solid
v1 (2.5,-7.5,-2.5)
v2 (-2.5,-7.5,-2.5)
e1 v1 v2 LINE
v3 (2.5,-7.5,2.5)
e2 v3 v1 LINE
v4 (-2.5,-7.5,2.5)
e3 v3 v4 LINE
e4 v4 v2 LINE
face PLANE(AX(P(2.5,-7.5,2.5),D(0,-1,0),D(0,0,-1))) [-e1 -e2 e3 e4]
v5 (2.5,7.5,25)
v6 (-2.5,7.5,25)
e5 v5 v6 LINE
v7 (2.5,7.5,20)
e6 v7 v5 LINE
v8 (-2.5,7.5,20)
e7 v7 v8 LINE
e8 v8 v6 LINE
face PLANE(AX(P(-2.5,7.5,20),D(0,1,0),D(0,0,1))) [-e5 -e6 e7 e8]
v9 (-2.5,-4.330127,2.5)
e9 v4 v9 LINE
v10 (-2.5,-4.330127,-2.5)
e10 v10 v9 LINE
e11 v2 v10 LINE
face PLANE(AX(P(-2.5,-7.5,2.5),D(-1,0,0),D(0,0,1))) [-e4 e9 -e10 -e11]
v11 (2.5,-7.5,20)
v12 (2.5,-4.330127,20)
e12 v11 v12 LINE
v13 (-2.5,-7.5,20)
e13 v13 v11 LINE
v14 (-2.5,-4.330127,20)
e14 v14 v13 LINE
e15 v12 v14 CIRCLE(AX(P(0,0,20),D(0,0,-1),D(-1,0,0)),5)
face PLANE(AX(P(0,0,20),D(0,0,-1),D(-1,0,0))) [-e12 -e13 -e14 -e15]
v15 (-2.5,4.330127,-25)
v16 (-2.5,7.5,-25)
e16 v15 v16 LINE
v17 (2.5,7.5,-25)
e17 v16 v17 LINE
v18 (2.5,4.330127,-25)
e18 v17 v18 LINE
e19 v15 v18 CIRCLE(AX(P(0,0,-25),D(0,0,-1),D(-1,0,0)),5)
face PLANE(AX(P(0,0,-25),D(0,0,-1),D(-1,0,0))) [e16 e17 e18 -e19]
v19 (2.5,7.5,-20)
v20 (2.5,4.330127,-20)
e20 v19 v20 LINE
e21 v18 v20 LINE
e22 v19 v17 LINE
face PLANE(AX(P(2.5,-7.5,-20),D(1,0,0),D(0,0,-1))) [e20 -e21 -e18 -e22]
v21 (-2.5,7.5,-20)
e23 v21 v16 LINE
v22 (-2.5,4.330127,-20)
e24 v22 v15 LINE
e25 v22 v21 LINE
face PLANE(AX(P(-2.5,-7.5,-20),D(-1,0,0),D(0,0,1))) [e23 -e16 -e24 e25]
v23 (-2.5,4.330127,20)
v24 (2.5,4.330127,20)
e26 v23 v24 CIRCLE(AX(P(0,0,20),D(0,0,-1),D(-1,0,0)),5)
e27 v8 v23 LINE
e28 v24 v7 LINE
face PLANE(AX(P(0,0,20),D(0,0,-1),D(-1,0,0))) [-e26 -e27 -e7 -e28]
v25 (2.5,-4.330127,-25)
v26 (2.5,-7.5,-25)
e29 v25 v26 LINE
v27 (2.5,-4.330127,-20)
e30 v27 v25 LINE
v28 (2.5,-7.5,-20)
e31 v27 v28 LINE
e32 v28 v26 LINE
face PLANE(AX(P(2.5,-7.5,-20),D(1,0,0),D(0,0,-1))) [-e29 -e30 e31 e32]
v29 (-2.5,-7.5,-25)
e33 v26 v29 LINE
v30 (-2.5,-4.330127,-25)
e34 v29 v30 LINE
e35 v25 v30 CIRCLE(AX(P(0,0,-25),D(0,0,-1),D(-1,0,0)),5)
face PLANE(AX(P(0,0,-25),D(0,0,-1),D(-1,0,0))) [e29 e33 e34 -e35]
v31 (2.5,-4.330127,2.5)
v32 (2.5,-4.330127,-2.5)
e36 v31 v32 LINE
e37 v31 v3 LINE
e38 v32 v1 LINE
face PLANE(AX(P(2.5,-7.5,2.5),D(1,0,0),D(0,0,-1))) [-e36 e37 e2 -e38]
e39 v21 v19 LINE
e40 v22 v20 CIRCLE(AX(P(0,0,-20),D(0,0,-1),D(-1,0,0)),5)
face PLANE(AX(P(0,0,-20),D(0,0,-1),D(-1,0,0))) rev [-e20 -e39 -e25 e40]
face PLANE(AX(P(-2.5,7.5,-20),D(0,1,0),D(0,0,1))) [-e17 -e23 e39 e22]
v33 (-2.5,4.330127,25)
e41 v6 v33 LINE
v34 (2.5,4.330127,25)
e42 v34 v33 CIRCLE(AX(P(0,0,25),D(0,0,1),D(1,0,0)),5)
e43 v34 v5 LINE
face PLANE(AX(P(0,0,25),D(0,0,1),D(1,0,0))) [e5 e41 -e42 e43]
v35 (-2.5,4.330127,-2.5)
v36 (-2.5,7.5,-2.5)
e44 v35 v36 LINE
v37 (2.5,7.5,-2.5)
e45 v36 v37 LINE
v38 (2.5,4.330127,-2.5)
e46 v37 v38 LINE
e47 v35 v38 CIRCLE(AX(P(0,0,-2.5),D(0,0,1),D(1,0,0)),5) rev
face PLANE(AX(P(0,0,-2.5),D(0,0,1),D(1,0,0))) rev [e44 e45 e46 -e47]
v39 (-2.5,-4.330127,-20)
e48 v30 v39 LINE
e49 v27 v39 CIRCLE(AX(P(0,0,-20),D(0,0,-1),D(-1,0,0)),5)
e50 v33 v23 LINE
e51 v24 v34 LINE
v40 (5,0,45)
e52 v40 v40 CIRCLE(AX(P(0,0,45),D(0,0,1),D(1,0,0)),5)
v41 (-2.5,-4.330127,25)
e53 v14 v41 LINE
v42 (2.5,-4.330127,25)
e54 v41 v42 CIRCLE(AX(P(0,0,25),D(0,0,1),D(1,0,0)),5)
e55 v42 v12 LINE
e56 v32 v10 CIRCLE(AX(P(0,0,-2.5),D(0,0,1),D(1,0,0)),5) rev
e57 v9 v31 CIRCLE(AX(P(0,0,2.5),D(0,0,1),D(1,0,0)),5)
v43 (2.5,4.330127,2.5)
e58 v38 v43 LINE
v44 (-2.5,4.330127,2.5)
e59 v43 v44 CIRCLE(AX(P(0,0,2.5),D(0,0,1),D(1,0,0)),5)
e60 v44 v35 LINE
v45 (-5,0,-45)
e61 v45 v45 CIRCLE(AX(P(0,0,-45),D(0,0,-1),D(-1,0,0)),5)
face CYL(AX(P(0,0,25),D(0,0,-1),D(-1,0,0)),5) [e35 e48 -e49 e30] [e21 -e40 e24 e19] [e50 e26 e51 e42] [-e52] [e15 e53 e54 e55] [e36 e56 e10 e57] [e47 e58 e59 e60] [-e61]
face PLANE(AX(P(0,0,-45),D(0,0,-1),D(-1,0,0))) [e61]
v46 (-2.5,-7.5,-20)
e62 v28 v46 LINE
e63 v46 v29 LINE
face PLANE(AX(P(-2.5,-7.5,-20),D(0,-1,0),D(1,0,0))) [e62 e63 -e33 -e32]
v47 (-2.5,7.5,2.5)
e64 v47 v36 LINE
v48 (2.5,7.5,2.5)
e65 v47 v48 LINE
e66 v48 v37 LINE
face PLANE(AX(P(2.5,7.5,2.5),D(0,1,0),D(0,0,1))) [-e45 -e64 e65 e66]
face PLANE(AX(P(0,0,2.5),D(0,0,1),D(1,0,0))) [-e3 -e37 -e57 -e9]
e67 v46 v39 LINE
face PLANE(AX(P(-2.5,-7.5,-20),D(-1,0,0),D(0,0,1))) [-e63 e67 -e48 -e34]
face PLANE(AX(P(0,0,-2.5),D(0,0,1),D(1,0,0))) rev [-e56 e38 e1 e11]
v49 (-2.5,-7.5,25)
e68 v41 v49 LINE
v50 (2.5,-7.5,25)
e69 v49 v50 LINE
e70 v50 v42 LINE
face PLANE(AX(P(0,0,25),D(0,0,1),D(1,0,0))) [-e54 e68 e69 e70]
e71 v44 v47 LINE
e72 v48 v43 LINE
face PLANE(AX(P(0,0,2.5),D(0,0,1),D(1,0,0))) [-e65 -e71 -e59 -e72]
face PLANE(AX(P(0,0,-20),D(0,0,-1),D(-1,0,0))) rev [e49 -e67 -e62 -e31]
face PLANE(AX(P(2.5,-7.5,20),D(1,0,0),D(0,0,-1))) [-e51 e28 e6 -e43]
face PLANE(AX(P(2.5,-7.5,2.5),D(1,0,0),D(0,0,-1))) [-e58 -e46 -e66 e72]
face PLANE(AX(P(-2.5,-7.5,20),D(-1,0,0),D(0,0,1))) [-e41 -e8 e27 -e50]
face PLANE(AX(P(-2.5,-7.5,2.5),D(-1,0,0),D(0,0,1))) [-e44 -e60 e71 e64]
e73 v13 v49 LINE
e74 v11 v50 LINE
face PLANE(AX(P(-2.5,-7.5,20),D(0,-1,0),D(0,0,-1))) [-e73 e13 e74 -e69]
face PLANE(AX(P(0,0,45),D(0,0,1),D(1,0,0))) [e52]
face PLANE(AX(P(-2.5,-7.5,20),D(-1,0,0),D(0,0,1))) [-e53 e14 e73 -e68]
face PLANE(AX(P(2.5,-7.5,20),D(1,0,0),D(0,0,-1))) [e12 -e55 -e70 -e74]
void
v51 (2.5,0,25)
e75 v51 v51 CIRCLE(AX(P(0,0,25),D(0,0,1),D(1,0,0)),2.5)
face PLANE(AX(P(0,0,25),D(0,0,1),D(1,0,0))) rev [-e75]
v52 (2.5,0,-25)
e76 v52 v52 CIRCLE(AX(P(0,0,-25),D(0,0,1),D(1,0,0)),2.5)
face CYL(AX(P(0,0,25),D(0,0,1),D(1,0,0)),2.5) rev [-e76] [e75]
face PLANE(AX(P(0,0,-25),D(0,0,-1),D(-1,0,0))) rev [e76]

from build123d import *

# Parameters (mm, degrees)
SKETCH1_R             = 5
BOSS_EXTRUDE1_DEPTH   = 25
SKETCH2_W             = 5
SKETCH2_H             = 15
BOSS_EXTRUDE2_DEPTH   = 5
SKETCH3_W             = 5
SKETCH3_H             = 15
BOSS_EXTRUDE3_DEPTH   = 2.5
SKETCH5_W             = 5
SKETCH5_H             = 15
BOSS_EXTRUDE5_DEPTH   = 2.5
BOSS_EXTRUDE6_START   = 25
SKETCH6_R             = 5
BOSS_EXTRUDE6_DEPTH   = 25
SKETCH7_W             = 5
SKETCH7_H             = 15
BOSS_EXTRUDE7_DEPTH   = 5
F_5_0MM_DOWEL_HOLE1_D = 5
BOSS_EXTRUDE8_START   = 20
SKETCH14_R            = 5
BOSS_EXTRUDE8_DEPTH   = 20
SKETCH15_R            = 5
BOSS_EXTRUDE9_DEPTH   = 20


with BuildPart() as part:
    # Sketch1 → Boss-Extrude1 (new body)
    with BuildSketch(Plane.XY):
        with Locations(Location((0, 0, 0), (0, 0, 180))):
            Circle(SKETCH1_R)
    extrude(amount=BOSS_EXTRUDE1_DEPTH)

    # Sketch2 → Boss-Extrude2 (add)
    with BuildSketch(Plane.XY.offset(25)):
        Rectangle(SKETCH2_W, SKETCH2_H)
    extrude(amount=-BOSS_EXTRUDE2_DEPTH)

    # Sketch3 → Boss-Extrude3 (add)
    with BuildSketch(Plane(origin=(0, 0, 0), x_dir=(-1, 0, 0), z_dir=(0, 0, -1))):
        Rectangle(SKETCH3_W, SKETCH3_H)
    extrude(amount=-BOSS_EXTRUDE3_DEPTH)

    # Sketch5 → Boss-Extrude5 (add)
    with BuildSketch(Plane(origin=(0, 0, 0), x_dir=(-1, 0, 0), z_dir=(0, 0, -1))):
        Rectangle(SKETCH5_W, SKETCH5_H)
    extrude(amount=BOSS_EXTRUDE5_DEPTH)

    # Sketch6 → Boss-Extrude6 (add)
    with BuildSketch(Plane(origin=(0, 0, 0), x_dir=(-1, 0, 0), z_dir=(0, 0, -1)).offset(BOSS_EXTRUDE6_START)):
        Circle(SKETCH6_R)
    extrude(amount=-BOSS_EXTRUDE6_DEPTH)

    # Sketch7 → Boss-Extrude7 (add)
    with BuildSketch(Plane(origin=(0, 0, -25), x_dir=(-1, 0, 0), z_dir=(0, 0, -1))):
        Rectangle(SKETCH7_W, SKETCH7_H)
    extrude(amount=-BOSS_EXTRUDE7_DEPTH)

    # Ø5.0mm Dowel Hole1 (through all)
    with Locations(Plane.XY.offset(25)):
        with Locations((0, 0)):
            Hole(F_5_0MM_DOWEL_HOLE1_D / 2)

    # Sketch14 → Boss-Extrude8 (add)
    with BuildSketch(Plane(origin=(0, 0, -25), x_dir=(-1, 0, 0), z_dir=(0, 0, -1)).offset(BOSS_EXTRUDE8_START)):
        Circle(SKETCH14_R)
    extrude(amount=-BOSS_EXTRUDE8_DEPTH)

    # Sketch15 → Boss-Extrude9 (add)
    with BuildSketch(Plane.XY.offset(25)):
        with Locations(Location((0, 0, 0), (0, 0, 180))):
            Circle(SKETCH15_R)
    extrude(amount=BOSS_EXTRUDE9_DEPTH)


solid = part.part
